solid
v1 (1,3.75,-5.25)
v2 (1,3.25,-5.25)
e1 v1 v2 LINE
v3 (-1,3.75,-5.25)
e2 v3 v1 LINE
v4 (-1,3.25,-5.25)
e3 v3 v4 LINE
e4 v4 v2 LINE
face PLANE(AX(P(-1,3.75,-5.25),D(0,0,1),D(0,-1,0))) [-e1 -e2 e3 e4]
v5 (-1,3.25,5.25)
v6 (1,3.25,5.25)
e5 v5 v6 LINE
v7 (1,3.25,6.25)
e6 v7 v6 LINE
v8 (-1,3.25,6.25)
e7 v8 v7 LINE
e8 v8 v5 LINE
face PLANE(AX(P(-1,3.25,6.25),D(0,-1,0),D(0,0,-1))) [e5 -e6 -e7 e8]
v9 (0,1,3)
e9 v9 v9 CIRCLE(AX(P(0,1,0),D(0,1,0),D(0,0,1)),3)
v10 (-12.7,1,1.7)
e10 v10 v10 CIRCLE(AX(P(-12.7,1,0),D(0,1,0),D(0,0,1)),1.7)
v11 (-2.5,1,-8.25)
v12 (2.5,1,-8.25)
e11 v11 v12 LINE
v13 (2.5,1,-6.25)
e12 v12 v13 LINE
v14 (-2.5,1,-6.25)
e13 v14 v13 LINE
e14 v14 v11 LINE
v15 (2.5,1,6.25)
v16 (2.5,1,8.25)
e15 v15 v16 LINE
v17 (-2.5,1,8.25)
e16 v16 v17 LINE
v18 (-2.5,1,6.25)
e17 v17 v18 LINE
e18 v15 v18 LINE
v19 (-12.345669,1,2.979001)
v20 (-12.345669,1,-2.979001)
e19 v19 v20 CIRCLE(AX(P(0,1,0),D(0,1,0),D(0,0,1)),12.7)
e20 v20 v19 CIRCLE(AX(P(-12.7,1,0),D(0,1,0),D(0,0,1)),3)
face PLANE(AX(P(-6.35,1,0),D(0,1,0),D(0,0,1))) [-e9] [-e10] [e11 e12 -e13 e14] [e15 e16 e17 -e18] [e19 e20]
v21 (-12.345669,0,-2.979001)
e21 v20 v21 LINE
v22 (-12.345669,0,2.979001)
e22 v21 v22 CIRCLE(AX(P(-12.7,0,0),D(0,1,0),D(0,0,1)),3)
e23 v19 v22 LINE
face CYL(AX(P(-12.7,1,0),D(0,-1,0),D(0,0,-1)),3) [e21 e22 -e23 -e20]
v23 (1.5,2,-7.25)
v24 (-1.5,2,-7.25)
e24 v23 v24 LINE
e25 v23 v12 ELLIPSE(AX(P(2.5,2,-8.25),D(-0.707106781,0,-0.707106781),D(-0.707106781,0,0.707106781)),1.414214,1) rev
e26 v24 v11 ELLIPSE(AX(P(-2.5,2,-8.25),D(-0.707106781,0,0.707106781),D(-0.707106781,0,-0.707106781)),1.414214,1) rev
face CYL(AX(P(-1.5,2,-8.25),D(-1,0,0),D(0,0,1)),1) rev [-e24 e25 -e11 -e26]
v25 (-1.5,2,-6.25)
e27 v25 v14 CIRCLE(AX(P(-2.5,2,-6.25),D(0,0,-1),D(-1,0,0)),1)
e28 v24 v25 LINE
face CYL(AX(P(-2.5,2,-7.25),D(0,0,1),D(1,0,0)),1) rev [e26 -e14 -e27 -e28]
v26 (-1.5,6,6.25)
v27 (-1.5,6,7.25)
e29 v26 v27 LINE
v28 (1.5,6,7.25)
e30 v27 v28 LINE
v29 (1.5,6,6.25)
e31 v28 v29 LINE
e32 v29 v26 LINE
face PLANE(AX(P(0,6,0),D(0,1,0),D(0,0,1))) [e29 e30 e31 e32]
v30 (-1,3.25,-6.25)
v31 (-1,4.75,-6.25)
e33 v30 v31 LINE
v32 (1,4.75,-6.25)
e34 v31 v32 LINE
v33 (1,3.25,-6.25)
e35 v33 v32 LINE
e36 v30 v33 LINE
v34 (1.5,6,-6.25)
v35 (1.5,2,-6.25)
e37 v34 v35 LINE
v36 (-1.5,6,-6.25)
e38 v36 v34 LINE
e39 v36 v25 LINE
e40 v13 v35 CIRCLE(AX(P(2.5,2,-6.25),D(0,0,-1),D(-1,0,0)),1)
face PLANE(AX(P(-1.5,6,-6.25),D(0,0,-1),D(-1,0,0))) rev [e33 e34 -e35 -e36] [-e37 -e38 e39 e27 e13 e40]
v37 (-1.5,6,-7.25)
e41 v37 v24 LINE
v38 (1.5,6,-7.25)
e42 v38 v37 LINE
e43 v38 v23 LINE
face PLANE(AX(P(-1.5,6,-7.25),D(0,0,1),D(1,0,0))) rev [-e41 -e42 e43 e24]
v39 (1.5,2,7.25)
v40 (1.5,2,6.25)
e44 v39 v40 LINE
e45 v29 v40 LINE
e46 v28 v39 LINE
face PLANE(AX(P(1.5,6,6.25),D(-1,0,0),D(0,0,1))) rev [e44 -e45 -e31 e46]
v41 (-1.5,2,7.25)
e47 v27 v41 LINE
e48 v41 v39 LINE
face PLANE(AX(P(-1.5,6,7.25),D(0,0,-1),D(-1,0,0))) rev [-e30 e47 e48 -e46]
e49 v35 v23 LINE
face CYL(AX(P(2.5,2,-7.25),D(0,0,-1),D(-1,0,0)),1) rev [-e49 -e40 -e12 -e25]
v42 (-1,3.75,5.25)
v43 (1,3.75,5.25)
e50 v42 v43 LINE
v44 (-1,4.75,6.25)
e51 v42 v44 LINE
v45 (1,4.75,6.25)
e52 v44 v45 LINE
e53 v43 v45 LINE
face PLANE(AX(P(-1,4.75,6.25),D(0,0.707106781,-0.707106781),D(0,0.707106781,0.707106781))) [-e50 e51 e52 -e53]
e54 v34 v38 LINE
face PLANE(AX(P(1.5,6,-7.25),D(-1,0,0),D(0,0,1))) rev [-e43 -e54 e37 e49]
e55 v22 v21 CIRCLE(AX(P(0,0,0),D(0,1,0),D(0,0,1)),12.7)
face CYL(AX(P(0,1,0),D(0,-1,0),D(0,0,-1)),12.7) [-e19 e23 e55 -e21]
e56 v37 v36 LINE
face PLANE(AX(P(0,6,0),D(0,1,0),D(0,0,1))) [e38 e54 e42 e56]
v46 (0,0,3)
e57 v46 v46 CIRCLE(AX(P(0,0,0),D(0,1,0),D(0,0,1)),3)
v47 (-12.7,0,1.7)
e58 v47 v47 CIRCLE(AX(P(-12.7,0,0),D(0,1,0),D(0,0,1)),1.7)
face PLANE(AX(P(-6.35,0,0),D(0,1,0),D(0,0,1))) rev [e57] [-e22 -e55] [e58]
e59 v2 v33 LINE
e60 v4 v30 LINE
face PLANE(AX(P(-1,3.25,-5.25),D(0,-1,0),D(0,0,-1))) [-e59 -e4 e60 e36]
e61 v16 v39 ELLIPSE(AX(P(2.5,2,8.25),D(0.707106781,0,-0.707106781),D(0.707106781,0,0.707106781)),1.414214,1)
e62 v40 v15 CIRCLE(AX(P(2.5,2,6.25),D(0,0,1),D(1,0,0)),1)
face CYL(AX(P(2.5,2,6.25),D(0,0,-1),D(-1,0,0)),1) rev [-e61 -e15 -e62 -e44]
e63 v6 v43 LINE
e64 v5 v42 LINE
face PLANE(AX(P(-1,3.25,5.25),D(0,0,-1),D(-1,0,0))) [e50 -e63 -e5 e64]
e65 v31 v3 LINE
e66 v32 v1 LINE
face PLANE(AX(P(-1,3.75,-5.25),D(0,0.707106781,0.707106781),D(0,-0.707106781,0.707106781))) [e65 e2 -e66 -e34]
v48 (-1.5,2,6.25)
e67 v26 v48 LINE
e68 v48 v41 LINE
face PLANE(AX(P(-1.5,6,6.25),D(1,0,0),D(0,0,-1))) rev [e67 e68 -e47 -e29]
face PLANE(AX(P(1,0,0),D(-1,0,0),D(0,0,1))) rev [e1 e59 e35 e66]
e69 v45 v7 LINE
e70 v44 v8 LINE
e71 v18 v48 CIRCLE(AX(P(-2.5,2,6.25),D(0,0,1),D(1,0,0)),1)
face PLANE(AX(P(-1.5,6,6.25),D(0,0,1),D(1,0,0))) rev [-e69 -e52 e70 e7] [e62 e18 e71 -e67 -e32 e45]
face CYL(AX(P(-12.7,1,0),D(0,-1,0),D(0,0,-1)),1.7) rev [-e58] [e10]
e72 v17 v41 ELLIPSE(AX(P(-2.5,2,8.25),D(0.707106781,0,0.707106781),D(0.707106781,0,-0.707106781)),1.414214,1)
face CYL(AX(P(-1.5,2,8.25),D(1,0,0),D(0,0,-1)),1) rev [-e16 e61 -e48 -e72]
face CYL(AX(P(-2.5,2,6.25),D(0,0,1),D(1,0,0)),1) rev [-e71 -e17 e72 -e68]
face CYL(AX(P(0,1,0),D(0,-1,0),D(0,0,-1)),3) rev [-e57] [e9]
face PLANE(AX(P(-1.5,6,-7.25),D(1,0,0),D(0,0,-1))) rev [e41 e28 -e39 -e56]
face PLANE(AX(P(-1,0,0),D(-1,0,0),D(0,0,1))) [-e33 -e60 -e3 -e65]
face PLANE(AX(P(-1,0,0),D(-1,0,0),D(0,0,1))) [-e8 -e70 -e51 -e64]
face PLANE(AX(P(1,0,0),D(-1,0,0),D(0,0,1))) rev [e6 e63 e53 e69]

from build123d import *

# Parameters (mm, degrees)
SKETCH2_R                = 3
SKETCH2_R_2              = 1.7
BOSS_EXTRUDE1_DEPTH      = 1
SKETCH3_W                = 3
SKETCH3_H                = 1
BOSS_EXTRUDE2_DEPTH      = 5
BOSS_EXTRUDE3_DEPTH      = 1
BOSS_EXTRUDE3_DEPTH_BACK = 1
FILLET1_R                = 1


with BuildPart() as part:
    # Sketch2 → Boss-Extrude1 (new body)
    with BuildSketch(Plane(origin=(0, 0, 0), x_dir=(1, 0, 0), z_dir=(0, 1, 0))):
        with BuildLine():
            ThreePointArc((-12.345669291, -2.979001468), (12.7, 0), (-12.345669291, 2.979001468))
            ThreePointArc((-12.345669291, 2.979001468), (-15.7, 0), (-12.345669291, -2.979001468))
        make_face()
        with Locations(Location((0, 0, 0), (0, 0, 270))):
            Circle(SKETCH2_R, mode=Mode.SUBTRACT)
        with Locations(Location((-12.7, 0, 0), (0, 0, 270))):
            Circle(SKETCH2_R_2, mode=Mode.SUBTRACT)
    extrude(amount=BOSS_EXTRUDE1_DEPTH)

    # Sketch3 → Boss-Extrude2 (add)
    with BuildSketch(Plane(origin=(0, 1, 0), x_dir=(1, 0, 0), z_dir=(0, 1, 0))):
        with Locations((0, 6.75)):
            Rectangle(SKETCH3_W, SKETCH3_H)
        with Locations((0, -6.75)):
            Rectangle(SKETCH3_W, SKETCH3_H)
    extrude(amount=BOSS_EXTRUDE2_DEPTH)

    # Sketch4 → Boss-Extrude3 (add, two sides: drawn at the far end of the back side and taken through both)
    with BuildSketch(Plane(origin=(0, 0, 0), x_dir=(0, 0, -1), z_dir=(1, 0, 0)).offset(-BOSS_EXTRUDE3_DEPTH_BACK)):
        Polygon((-6.25, 4.75), (-5.25, 3.75), (-5.25, 3.25), (-6.25, 3.25), align=None)
        Polygon((5.25, 3.75), (6.25, 4.75), (6.25, 3.25), (5.25, 3.25), align=None)
    extrude(amount=BOSS_EXTRUDE3_DEPTH + BOSS_EXTRUDE3_DEPTH_BACK)

    # Fillet1
    fillet1_edges = [part.edges().sort_by_distance(p)[0] for p in [
        (-1.5, 1, -6.75),
        (1.5, 1, -6.75),
        (0, 1, -7.25),
        (-1.5, 1, 6.75),
        (0, 1, 7.25),
        (1.5, 1, 6.75),
    ]]
    fillet(fillet1_edges, radius=FILLET1_R)


solid = part.part
